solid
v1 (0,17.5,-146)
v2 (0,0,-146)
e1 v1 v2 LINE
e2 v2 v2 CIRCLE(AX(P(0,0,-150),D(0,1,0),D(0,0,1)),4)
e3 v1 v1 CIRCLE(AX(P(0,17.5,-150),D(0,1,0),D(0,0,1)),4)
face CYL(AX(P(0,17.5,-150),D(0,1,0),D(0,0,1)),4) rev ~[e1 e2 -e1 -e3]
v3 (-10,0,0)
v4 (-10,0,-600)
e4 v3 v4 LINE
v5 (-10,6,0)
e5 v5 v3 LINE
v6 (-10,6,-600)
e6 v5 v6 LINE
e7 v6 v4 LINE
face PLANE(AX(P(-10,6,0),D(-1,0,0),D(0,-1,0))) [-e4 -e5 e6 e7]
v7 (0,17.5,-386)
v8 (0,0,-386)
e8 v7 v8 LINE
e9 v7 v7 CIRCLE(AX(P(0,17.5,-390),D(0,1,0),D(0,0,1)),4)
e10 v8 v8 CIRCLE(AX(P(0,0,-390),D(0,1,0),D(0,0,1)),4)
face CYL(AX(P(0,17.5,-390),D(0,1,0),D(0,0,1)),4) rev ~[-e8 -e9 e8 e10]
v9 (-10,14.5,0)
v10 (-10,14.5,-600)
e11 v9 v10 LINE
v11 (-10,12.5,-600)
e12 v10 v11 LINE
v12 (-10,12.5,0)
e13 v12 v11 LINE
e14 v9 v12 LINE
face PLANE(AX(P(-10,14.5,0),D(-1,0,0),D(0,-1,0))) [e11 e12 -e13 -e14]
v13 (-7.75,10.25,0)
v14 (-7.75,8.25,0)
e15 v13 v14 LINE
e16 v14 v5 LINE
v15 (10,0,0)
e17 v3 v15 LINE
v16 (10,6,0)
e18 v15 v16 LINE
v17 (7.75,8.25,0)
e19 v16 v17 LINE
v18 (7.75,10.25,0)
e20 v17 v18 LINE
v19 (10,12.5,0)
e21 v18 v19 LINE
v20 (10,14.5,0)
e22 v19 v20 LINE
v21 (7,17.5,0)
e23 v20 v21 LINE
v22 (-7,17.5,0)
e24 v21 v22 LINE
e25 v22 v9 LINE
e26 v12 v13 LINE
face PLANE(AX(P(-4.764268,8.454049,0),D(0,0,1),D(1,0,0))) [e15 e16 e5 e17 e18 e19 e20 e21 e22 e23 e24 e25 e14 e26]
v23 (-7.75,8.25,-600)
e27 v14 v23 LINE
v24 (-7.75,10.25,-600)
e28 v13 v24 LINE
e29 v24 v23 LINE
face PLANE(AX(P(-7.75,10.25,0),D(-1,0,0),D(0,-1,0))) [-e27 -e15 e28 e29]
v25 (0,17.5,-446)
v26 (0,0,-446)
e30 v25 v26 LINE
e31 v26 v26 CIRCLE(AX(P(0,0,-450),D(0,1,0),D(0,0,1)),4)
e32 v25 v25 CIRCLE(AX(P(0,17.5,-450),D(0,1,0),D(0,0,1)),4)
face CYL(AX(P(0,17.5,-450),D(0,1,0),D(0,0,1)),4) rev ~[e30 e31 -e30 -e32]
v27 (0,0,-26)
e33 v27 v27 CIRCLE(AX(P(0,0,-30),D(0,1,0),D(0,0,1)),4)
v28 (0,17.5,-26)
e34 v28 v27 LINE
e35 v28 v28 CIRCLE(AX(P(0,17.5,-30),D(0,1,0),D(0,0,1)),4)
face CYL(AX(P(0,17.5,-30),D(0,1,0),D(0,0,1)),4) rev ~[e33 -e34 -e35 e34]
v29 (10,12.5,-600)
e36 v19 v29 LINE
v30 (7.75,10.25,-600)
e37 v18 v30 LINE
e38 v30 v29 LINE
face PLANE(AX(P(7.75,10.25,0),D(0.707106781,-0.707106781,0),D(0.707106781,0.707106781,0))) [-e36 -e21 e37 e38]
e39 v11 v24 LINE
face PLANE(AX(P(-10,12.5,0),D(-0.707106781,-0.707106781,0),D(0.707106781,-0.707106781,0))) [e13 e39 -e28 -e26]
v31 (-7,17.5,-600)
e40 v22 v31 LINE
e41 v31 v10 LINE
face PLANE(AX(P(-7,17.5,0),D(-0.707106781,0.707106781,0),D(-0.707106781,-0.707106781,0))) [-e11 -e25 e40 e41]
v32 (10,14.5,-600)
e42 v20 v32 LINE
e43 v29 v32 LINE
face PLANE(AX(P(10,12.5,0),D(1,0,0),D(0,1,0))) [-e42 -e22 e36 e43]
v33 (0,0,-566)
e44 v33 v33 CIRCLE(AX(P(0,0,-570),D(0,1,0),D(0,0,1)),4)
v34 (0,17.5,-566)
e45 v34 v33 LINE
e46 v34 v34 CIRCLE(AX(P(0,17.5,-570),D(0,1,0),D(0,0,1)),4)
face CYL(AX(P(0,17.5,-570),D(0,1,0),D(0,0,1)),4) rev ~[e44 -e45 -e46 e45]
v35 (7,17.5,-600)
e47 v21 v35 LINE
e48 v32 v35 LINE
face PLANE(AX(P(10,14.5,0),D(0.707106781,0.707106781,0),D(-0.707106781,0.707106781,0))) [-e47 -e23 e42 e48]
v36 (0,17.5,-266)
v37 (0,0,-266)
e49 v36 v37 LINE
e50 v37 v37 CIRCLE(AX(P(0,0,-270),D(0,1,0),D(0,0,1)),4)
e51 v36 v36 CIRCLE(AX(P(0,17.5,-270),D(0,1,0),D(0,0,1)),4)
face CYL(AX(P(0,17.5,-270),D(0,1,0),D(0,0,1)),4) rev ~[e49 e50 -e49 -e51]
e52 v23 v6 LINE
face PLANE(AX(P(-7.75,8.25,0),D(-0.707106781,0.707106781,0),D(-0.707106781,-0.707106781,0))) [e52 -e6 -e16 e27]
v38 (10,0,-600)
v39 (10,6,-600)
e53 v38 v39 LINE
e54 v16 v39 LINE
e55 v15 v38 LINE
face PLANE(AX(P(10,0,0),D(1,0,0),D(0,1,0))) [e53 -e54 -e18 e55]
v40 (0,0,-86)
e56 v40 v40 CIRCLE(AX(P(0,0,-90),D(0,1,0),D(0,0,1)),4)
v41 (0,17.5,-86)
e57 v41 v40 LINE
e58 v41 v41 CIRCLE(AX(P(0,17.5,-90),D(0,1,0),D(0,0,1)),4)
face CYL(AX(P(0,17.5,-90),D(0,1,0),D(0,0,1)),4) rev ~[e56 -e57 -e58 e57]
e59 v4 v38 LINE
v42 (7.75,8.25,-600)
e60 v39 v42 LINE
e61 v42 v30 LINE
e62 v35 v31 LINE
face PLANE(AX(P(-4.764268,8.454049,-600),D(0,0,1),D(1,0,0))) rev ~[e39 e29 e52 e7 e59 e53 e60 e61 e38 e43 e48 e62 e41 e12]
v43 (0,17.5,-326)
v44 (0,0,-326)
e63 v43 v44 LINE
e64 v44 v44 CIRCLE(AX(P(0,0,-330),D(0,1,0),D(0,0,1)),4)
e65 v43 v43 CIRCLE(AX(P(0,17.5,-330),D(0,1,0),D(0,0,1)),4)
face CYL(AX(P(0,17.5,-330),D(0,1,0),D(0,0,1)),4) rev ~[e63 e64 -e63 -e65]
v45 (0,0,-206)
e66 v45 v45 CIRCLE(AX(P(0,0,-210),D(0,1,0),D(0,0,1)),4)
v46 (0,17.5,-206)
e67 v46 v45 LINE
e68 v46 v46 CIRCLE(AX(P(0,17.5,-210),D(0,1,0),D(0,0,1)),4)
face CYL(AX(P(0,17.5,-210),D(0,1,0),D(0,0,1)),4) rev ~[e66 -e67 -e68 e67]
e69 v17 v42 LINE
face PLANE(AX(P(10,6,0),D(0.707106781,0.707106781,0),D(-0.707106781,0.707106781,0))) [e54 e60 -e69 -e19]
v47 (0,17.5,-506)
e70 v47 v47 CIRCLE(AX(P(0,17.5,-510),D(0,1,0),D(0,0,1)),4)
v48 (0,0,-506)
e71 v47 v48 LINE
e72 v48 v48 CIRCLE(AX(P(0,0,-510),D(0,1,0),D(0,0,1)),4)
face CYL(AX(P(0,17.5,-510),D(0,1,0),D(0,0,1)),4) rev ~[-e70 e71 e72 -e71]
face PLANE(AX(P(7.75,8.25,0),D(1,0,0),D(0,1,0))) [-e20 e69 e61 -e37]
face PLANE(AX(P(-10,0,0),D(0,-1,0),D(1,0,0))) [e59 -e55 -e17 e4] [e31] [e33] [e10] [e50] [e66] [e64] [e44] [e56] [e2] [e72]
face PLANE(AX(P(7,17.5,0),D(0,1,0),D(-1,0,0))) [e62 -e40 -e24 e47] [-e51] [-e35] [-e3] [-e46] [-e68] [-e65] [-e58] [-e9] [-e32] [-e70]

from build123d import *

# Parameters (mm, degrees)
BOSS_EXTRUDE1_DEPTH = 600
SKETCH2_R           = 4
CUT_EXTRUDE1_DEPTH  = 26


with BuildPart() as part:
    # Sketch1 → Boss-Extrude1 (new body)
    with BuildSketch(Plane.XY):
        Polygon((-10, 0), (0, 0), (0, 17.5), (-7, 17.5), (-10, 14.5), (-10, 12.5), (-7.75, 10.25), (-7.75, 8.25), (-10, 6), align=None)
        Polygon((0, 17.5), (0, 0), (10, 0), (10, 6), (7.75, 8.25), (7.75, 10.25), (10, 12.5), (10, 14.5), (7, 17.5), align=None)
    extrude(amount=-BOSS_EXTRUDE1_DEPTH)

    # Sketch2 → Cut-Extrude1 (cut)
    with BuildSketch(Plane(origin=(0, 17.5, 0), x_dir=(1, 0, 0), z_dir=(0, 1, 0))):
        with Locations(Location((0, 30, 0), (0, 0, 270))):
            Circle(SKETCH2_R)
        with Locations(Location((0, 90, 0), (0, 0, 270))):
            Circle(SKETCH2_R)
        with Locations(Location((0, 150, 0), (0, 0, 270))):
            Circle(SKETCH2_R)
        with Locations(Location((0, 210, 0), (0, 0, 270))):
            Circle(SKETCH2_R)
        with Locations(Location((0, 270, 0), (0, 0, 270))):
            Circle(SKETCH2_R)
        with Locations(Location((0, 330, 0), (0, 0, 270))):
            Circle(SKETCH2_R)
        with Locations(Location((0, 390, 0), (0, 0, 270))):
            Circle(SKETCH2_R)
        with Locations(Location((0, 450, 0), (0, 0, 270))):
            Circle(SKETCH2_R)
        with Locations(Location((0, 510, 0), (0, 0, 270))):
            Circle(SKETCH2_R)
        with Locations(Location((0, 570, 0), (0, 0, 270))):
            Circle(SKETCH2_R)
    extrude(amount=-CUT_EXTRUDE1_DEPTH, mode=Mode.SUBTRACT)


solid = part.part
